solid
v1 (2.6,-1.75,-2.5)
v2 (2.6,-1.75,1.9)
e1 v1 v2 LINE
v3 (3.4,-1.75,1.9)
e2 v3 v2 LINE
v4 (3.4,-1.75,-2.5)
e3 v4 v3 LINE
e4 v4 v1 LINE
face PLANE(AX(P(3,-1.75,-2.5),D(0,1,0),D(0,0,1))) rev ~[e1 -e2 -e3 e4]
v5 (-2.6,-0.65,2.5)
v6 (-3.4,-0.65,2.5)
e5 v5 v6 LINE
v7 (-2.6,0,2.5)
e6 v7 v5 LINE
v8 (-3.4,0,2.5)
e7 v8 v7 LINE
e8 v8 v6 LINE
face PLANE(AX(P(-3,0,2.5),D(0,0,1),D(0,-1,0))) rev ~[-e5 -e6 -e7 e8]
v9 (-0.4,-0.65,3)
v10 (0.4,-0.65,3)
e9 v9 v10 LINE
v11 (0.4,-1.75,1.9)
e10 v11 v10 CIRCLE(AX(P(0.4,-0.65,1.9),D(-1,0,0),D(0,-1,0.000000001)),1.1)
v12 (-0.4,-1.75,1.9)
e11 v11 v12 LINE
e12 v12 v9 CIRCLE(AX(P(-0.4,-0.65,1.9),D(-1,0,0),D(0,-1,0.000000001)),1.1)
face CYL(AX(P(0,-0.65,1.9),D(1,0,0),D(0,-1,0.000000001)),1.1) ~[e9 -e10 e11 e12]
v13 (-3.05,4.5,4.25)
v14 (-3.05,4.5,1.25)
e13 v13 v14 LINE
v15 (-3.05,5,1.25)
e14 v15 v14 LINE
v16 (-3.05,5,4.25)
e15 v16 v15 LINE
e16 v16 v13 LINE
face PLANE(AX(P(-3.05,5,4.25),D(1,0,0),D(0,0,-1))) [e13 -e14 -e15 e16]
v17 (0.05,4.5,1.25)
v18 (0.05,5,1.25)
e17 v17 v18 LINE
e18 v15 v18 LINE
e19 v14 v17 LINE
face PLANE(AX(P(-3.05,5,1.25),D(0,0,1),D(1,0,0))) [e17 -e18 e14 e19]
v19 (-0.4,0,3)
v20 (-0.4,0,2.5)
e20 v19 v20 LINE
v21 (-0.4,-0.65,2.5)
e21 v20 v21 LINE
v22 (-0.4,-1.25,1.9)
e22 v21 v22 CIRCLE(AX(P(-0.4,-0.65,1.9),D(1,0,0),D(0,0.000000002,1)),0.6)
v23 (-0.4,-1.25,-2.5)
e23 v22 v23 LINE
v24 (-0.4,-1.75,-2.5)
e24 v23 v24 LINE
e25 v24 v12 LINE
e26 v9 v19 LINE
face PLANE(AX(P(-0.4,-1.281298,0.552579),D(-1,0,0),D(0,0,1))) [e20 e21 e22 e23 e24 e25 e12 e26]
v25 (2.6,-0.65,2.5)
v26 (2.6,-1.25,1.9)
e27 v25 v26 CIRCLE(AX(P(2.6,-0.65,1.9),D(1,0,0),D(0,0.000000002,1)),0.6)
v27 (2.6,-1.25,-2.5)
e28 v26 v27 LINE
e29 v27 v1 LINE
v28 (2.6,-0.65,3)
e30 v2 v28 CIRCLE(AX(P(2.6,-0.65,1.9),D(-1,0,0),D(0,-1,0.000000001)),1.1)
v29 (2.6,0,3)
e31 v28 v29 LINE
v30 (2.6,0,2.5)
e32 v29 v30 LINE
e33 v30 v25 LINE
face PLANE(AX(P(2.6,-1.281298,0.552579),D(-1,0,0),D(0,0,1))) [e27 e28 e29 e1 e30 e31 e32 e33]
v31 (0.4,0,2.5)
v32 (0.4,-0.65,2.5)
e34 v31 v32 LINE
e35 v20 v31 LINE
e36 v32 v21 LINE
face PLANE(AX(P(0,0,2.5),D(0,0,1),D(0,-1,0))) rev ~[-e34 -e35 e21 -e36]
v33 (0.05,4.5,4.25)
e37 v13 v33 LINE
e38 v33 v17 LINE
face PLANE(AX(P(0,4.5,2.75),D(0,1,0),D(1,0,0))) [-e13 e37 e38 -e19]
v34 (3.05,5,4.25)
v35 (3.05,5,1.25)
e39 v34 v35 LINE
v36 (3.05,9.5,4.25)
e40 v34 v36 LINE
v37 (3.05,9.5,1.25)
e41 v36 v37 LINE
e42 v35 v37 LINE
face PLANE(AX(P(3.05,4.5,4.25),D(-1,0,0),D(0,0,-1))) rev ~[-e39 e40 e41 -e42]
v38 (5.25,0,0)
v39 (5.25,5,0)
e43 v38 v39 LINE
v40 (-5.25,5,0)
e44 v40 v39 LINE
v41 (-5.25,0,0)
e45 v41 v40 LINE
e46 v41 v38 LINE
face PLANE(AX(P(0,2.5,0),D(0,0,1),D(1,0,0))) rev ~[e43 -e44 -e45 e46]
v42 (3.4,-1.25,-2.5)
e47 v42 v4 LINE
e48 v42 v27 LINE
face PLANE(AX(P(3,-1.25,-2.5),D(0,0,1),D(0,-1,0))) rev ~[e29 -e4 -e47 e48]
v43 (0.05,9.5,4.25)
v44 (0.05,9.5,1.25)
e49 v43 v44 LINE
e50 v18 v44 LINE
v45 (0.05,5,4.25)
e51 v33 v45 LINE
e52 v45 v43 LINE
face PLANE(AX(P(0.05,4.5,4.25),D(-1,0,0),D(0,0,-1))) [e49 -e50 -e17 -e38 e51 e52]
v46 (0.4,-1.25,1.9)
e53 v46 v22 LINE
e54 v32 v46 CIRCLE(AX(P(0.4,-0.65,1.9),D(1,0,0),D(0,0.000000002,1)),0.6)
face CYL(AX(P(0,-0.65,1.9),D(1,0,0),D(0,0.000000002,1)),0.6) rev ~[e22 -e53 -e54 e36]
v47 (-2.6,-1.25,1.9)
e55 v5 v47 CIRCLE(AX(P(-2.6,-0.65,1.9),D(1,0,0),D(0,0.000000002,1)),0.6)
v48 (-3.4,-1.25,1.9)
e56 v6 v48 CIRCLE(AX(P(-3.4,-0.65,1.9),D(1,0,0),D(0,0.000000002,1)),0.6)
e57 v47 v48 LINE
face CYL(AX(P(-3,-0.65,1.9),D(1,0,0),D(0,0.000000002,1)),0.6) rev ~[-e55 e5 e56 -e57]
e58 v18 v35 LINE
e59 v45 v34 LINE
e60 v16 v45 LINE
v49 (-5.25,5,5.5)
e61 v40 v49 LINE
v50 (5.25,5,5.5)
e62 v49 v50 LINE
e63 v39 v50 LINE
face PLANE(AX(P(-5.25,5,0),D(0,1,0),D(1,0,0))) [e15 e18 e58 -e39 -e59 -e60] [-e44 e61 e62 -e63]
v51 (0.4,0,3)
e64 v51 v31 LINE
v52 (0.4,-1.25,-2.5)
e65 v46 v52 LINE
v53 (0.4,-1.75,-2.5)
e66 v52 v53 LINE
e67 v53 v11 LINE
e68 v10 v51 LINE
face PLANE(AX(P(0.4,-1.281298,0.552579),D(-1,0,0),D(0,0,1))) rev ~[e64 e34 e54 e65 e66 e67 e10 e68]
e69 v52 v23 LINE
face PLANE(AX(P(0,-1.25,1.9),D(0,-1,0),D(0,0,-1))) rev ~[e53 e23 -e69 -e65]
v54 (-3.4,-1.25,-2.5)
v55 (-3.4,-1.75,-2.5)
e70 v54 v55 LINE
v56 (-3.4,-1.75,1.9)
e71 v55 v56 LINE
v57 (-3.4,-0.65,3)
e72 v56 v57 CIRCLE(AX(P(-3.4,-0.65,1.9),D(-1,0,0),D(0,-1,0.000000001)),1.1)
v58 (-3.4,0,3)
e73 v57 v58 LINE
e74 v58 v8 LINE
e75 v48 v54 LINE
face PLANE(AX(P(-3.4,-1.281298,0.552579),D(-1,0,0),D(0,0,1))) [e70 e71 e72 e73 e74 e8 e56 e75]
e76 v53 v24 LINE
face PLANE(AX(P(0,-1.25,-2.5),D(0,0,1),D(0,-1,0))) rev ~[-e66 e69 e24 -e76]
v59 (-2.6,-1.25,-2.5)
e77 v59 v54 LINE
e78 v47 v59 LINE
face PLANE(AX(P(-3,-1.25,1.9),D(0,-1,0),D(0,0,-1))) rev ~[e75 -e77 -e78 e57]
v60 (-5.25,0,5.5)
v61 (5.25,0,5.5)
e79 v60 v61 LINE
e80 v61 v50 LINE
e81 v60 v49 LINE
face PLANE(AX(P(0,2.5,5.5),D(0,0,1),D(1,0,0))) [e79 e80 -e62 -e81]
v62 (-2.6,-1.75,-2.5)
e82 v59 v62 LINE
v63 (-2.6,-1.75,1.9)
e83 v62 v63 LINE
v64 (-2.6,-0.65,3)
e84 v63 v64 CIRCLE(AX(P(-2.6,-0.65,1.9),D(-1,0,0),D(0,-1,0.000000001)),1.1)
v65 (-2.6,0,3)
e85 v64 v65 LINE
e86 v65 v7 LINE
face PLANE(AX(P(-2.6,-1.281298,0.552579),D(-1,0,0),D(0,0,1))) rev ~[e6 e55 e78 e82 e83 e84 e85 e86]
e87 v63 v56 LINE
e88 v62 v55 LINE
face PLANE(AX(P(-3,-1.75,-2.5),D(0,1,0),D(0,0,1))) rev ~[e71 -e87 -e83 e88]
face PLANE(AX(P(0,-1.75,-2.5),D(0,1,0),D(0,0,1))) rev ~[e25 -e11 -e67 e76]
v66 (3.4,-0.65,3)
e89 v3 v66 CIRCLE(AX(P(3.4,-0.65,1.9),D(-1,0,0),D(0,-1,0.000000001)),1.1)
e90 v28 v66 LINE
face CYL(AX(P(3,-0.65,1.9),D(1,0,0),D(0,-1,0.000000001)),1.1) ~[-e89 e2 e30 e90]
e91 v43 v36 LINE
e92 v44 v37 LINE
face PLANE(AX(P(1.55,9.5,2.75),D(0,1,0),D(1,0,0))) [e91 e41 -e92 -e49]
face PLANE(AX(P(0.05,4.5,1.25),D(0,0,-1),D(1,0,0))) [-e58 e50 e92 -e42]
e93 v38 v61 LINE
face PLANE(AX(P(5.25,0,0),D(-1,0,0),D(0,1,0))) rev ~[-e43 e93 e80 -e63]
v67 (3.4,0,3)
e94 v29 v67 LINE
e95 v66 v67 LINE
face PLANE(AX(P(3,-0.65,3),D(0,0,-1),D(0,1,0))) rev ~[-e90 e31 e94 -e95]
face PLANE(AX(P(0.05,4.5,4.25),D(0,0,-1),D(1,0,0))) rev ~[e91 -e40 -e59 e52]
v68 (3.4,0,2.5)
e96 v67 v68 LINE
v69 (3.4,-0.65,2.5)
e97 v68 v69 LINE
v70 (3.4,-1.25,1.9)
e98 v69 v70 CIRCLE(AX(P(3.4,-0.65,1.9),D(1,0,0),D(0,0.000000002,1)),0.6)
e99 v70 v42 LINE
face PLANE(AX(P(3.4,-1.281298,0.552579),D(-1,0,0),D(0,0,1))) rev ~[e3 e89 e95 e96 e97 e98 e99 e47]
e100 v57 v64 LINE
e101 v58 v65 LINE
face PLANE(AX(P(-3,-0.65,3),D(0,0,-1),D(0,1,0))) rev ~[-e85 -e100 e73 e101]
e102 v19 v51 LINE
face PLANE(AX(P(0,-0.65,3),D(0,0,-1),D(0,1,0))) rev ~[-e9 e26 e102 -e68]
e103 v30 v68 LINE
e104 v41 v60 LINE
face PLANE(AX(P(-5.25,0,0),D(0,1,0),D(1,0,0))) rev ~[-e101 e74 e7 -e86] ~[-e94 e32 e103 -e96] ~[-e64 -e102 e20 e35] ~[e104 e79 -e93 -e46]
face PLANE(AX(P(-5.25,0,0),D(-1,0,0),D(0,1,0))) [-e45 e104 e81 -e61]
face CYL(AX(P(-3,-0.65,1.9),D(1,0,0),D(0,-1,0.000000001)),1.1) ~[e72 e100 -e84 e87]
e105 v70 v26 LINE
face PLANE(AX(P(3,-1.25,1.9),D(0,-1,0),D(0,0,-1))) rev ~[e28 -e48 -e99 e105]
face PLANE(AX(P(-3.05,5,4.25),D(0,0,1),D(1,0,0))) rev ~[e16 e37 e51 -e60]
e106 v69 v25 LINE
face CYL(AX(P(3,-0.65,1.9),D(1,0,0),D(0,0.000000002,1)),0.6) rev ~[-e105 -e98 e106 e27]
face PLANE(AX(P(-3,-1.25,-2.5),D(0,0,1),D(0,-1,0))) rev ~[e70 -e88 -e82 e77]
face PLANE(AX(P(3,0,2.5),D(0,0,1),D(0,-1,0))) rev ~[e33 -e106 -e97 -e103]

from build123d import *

# Parameters (mm, degrees)
SKETCH1_W           = 10.5
SKETCH1_H           = 5
BOSS_EXTRUDE1_DEPTH = 5.5
SKETCH2_W           = 6.1
SKETCH2_H           = 3
CUT_EXTRUDE1_DEPTH  = 0.5
SKETCH3_W           = 3
SKETCH3_H           = 3
BOSS_EXTRUDE2_DEPTH = 5
BOSS_EXTRUDE3_DEPTH = 0.4
LPATTERN1_COUNT     = 2
LPATTERN1_PITCH     = 3
LPATTERN1_COL_COUNT = 2
LPATTERN1_COL_PITCH = 3


with BuildPart() as part:
    # Sketch1 → Boss-Extrude1 (new body)
    with BuildSketch(Plane.XY):
        with Locations((0, 2.5)):
            Rectangle(SKETCH1_W, SKETCH1_H)
    extrude(amount=BOSS_EXTRUDE1_DEPTH)

    # Sketch2 → Cut-Extrude1 (cut)
    with BuildSketch(Plane(origin=(0, 5, 0), x_dir=(1, 0, 0), z_dir=(0, 1, 0))):
        with Locations((0, -2.75)):
            Rectangle(SKETCH2_W, SKETCH2_H)
    extrude(amount=-CUT_EXTRUDE1_DEPTH, mode=Mode.SUBTRACT)

    # Sketch3 → Boss-Extrude2 (add)
    with BuildSketch(Plane(origin=(0, 4.5, 0), x_dir=(1, 0, 0), z_dir=(0, 1, 0))):
        with Locations((1.55, -2.75)):
            Rectangle(SKETCH3_W, SKETCH3_H)
    extrude(amount=BOSS_EXTRUDE2_DEPTH)

    # Sketch4 → Boss-Extrude3 (add, symmetric)
    with BuildSketch(Plane(origin=(0, 0, 0), x_dir=(0, 0, -1), z_dir=(1, 0, 0))):
        with BuildLine():
            Line((-2.5, 0), (-2.5, -0.65))
            ThreePointArc((-2.5, -0.65), (-2.324264069, -1.074264069), (-1.9, -1.25))
            Line((-1.9, -1.25), (2.5, -1.25))
            Line((2.5, -1.25), (2.5, -1.75))
            Line((2.5, -1.75), (-1.9, -1.75))
            ThreePointArc((-1.9, -1.75), (-2.677817459, -1.427817459), (-3, -0.65))
            Line((-3, -0.65), (-3, 0))
            Line((-3, 0), (-2.5, 0))
        make_face()
    boss_extrude3 = extrude(amount=BOSS_EXTRUDE3_DEPTH, both=True)

    # LPattern1: Boss-Extrude3 ×2
    with Locations(*[(-i * LPATTERN1_PITCH, 0, 0) for i in range(1, LPATTERN1_COUNT)]):
        add(boss_extrude3)

    # LPattern1 col: Boss-Extrude3 ×2
    with Locations(*[(i * LPATTERN1_COL_PITCH, 0, 0) for i in range(1, LPATTERN1_COL_COUNT)]):
        add(boss_extrude3)


solid = part.part
